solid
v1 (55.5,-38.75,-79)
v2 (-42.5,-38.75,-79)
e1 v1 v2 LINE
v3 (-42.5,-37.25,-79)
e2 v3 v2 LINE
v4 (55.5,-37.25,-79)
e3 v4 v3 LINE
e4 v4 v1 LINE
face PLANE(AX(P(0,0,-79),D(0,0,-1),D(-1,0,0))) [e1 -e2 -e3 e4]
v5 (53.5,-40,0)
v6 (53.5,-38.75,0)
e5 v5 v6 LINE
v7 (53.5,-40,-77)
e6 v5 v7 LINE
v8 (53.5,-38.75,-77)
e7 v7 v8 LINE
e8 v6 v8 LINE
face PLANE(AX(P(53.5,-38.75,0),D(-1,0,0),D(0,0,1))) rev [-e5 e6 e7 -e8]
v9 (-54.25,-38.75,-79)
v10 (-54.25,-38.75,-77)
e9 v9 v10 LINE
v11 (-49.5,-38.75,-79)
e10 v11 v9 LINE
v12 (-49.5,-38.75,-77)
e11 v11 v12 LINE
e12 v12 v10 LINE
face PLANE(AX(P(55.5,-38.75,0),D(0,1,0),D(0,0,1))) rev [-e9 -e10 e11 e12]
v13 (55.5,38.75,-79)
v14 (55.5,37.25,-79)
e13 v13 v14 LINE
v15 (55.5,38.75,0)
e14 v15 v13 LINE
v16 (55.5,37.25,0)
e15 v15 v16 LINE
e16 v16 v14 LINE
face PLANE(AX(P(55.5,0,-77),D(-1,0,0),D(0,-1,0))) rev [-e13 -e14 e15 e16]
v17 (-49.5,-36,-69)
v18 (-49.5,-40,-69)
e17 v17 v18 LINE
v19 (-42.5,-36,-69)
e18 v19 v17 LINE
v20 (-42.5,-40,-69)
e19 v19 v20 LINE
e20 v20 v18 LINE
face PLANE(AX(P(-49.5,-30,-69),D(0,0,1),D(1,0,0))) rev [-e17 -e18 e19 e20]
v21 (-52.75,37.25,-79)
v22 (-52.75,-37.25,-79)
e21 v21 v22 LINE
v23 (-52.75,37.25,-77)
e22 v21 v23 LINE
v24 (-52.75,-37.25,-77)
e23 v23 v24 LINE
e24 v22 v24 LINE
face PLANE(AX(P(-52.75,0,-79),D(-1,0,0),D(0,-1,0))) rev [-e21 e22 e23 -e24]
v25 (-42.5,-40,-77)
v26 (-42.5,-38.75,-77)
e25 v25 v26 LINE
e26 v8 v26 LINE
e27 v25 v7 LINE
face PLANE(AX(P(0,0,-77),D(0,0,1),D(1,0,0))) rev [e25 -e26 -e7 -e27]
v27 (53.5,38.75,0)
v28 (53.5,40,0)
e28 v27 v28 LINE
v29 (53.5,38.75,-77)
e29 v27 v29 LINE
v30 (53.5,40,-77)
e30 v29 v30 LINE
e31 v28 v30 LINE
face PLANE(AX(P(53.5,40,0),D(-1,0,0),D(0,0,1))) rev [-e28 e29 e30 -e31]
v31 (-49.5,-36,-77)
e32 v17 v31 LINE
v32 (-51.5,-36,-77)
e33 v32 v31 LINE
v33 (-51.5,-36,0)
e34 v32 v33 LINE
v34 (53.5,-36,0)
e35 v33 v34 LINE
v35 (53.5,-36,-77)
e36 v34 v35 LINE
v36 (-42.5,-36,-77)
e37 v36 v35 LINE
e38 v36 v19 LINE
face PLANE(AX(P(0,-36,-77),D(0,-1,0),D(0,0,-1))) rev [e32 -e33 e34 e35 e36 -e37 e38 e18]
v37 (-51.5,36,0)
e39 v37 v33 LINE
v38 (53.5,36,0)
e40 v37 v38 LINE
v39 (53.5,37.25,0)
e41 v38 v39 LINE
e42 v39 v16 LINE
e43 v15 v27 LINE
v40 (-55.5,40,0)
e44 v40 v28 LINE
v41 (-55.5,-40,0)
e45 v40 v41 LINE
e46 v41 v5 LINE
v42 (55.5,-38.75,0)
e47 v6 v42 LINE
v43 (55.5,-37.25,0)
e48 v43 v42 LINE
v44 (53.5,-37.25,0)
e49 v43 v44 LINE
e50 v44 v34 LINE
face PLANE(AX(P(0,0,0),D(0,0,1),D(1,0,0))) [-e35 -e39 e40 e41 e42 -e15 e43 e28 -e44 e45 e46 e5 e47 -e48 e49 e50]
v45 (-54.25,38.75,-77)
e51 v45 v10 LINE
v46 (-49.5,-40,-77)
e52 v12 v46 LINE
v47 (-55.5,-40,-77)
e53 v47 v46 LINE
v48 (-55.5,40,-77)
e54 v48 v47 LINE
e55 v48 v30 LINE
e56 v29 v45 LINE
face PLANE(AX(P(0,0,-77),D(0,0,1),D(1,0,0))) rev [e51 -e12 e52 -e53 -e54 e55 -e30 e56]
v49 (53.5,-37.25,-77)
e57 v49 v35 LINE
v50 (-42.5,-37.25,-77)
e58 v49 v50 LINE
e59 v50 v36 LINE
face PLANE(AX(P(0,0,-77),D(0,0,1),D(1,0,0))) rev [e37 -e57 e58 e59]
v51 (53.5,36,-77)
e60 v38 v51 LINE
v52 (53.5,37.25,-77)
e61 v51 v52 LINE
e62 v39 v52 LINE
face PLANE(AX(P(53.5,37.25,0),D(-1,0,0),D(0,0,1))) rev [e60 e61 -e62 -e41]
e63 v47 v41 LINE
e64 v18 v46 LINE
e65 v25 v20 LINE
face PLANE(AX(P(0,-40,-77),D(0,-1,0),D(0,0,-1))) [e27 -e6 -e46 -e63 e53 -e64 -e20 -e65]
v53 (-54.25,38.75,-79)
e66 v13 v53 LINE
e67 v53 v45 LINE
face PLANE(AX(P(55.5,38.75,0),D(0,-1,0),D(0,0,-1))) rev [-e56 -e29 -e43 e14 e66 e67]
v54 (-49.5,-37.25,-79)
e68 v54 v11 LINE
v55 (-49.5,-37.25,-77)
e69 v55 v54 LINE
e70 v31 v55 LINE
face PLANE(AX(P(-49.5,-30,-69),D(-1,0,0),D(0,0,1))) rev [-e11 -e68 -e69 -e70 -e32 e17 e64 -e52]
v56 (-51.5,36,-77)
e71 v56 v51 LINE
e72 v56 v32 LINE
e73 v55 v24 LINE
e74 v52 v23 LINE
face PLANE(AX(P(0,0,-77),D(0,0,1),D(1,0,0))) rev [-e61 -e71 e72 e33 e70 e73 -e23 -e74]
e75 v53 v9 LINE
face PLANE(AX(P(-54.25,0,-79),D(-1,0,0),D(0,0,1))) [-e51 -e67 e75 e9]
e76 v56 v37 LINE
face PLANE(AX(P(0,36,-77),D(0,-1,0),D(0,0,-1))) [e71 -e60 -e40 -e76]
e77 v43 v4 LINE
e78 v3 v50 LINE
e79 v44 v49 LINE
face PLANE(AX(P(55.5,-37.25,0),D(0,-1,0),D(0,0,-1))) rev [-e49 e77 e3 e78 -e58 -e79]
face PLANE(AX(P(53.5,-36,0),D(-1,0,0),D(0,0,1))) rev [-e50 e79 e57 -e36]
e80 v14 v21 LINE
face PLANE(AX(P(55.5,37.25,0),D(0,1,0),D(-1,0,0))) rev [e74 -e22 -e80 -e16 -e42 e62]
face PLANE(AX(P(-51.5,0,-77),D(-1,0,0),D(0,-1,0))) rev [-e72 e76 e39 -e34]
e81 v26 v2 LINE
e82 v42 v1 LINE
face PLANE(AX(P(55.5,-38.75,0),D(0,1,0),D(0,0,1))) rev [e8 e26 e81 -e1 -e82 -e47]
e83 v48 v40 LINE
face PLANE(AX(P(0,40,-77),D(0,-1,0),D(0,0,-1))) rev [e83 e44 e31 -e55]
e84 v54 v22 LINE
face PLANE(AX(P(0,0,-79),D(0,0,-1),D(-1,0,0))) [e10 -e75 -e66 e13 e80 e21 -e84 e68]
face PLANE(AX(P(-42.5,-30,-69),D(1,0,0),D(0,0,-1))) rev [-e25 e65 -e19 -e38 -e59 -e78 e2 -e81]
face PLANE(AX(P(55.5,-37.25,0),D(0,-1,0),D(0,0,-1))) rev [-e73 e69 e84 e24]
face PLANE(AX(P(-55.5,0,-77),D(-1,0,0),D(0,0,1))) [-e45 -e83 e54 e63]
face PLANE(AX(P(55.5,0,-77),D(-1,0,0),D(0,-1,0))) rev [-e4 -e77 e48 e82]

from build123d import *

# Parameters (mm, degrees)
Y_KSEKLIK_EKSTR_ZYON2_DEPTH = 77
IZIM3_W                     = 2
IZIM3_H                     = 1.25
KES_EKSTR_ZYON1_DEPTH       = 77
IZIM6_W                     = 1.5
IZIM6_H                     = 74.5
Y_KSEKLIK_EKSTR_ZYON3_DEPTH = 2
IZIM7_W                     = 7
IZIM7_H                     = 10
KES_EKSTR_ZYON2_DEPTH       = 10


with BuildPart() as part:
    # Çizim2 → Yükseklik-Ekstrüzyon2 (new body)
    with BuildSketch(Plane.XY):
        Polygon((55.5, 40), (-55.5, 40), (-55.5, -40), (55.5, -40), (55.5, -36), (-51.5, -36), (-51.5, 36), (55.5, 36), align=None)
    extrude(amount=-Y_KSEKLIK_EKSTR_ZYON2_DEPTH)

    # Çizim3 → Kes-Ekstrüzyon1 (cut)
    with BuildSketch(Plane(origin=(0, 0, -77), x_dir=(-1, 0, 0), z_dir=(0, 0, -1))):
        with Locations((-54.5, -36.625)):
            Rectangle(IZIM3_W, IZIM3_H)
        with Locations((-54.5, -39.375)):
            Rectangle(IZIM3_W, IZIM3_H)
        with Locations((-54.5, 39.375)):
            Rectangle(IZIM3_W, IZIM3_H)
        with Locations((-54.5, 36.625)):
            Rectangle(IZIM3_W, IZIM3_H)
    extrude(amount=-KES_EKSTR_ZYON1_DEPTH, mode=Mode.SUBTRACT)

    # Çizim6 → Yükseklik-Ekstrüzyon3 (add)
    with BuildSketch(Plane(origin=(0, 0, -77), x_dir=(-1, 0, 0), z_dir=(0, 0, -1))):
        Polygon((-53.5, 38.75), (-55.5, 38.75), (-55.5, 37.25), (-53.5, 37.25), (52.75, 37.25), (54.25, 37.25), (54.25, 38.75), align=None)
        with Locations((53.5, 0)):
            Rectangle(IZIM6_W, IZIM6_H)
        Polygon((54.25, -38.75), (54.25, -37.25), (52.75, -37.25), (-53.5, -37.25), (-55.5, -37.25), (-55.5, -38.75), (-53.5, -38.75), align=None)
    extrude(amount=Y_KSEKLIK_EKSTR_ZYON3_DEPTH)

    # Çizim7 → Kes-Ekstrüzyon2 (cut)
    with BuildSketch(Plane.XZ.offset(40)):
        with Locations((-46, -74)):
            Rectangle(IZIM7_W, IZIM7_H)
    extrude(amount=-KES_EKSTR_ZYON2_DEPTH, mode=Mode.SUBTRACT)


solid = part.part
